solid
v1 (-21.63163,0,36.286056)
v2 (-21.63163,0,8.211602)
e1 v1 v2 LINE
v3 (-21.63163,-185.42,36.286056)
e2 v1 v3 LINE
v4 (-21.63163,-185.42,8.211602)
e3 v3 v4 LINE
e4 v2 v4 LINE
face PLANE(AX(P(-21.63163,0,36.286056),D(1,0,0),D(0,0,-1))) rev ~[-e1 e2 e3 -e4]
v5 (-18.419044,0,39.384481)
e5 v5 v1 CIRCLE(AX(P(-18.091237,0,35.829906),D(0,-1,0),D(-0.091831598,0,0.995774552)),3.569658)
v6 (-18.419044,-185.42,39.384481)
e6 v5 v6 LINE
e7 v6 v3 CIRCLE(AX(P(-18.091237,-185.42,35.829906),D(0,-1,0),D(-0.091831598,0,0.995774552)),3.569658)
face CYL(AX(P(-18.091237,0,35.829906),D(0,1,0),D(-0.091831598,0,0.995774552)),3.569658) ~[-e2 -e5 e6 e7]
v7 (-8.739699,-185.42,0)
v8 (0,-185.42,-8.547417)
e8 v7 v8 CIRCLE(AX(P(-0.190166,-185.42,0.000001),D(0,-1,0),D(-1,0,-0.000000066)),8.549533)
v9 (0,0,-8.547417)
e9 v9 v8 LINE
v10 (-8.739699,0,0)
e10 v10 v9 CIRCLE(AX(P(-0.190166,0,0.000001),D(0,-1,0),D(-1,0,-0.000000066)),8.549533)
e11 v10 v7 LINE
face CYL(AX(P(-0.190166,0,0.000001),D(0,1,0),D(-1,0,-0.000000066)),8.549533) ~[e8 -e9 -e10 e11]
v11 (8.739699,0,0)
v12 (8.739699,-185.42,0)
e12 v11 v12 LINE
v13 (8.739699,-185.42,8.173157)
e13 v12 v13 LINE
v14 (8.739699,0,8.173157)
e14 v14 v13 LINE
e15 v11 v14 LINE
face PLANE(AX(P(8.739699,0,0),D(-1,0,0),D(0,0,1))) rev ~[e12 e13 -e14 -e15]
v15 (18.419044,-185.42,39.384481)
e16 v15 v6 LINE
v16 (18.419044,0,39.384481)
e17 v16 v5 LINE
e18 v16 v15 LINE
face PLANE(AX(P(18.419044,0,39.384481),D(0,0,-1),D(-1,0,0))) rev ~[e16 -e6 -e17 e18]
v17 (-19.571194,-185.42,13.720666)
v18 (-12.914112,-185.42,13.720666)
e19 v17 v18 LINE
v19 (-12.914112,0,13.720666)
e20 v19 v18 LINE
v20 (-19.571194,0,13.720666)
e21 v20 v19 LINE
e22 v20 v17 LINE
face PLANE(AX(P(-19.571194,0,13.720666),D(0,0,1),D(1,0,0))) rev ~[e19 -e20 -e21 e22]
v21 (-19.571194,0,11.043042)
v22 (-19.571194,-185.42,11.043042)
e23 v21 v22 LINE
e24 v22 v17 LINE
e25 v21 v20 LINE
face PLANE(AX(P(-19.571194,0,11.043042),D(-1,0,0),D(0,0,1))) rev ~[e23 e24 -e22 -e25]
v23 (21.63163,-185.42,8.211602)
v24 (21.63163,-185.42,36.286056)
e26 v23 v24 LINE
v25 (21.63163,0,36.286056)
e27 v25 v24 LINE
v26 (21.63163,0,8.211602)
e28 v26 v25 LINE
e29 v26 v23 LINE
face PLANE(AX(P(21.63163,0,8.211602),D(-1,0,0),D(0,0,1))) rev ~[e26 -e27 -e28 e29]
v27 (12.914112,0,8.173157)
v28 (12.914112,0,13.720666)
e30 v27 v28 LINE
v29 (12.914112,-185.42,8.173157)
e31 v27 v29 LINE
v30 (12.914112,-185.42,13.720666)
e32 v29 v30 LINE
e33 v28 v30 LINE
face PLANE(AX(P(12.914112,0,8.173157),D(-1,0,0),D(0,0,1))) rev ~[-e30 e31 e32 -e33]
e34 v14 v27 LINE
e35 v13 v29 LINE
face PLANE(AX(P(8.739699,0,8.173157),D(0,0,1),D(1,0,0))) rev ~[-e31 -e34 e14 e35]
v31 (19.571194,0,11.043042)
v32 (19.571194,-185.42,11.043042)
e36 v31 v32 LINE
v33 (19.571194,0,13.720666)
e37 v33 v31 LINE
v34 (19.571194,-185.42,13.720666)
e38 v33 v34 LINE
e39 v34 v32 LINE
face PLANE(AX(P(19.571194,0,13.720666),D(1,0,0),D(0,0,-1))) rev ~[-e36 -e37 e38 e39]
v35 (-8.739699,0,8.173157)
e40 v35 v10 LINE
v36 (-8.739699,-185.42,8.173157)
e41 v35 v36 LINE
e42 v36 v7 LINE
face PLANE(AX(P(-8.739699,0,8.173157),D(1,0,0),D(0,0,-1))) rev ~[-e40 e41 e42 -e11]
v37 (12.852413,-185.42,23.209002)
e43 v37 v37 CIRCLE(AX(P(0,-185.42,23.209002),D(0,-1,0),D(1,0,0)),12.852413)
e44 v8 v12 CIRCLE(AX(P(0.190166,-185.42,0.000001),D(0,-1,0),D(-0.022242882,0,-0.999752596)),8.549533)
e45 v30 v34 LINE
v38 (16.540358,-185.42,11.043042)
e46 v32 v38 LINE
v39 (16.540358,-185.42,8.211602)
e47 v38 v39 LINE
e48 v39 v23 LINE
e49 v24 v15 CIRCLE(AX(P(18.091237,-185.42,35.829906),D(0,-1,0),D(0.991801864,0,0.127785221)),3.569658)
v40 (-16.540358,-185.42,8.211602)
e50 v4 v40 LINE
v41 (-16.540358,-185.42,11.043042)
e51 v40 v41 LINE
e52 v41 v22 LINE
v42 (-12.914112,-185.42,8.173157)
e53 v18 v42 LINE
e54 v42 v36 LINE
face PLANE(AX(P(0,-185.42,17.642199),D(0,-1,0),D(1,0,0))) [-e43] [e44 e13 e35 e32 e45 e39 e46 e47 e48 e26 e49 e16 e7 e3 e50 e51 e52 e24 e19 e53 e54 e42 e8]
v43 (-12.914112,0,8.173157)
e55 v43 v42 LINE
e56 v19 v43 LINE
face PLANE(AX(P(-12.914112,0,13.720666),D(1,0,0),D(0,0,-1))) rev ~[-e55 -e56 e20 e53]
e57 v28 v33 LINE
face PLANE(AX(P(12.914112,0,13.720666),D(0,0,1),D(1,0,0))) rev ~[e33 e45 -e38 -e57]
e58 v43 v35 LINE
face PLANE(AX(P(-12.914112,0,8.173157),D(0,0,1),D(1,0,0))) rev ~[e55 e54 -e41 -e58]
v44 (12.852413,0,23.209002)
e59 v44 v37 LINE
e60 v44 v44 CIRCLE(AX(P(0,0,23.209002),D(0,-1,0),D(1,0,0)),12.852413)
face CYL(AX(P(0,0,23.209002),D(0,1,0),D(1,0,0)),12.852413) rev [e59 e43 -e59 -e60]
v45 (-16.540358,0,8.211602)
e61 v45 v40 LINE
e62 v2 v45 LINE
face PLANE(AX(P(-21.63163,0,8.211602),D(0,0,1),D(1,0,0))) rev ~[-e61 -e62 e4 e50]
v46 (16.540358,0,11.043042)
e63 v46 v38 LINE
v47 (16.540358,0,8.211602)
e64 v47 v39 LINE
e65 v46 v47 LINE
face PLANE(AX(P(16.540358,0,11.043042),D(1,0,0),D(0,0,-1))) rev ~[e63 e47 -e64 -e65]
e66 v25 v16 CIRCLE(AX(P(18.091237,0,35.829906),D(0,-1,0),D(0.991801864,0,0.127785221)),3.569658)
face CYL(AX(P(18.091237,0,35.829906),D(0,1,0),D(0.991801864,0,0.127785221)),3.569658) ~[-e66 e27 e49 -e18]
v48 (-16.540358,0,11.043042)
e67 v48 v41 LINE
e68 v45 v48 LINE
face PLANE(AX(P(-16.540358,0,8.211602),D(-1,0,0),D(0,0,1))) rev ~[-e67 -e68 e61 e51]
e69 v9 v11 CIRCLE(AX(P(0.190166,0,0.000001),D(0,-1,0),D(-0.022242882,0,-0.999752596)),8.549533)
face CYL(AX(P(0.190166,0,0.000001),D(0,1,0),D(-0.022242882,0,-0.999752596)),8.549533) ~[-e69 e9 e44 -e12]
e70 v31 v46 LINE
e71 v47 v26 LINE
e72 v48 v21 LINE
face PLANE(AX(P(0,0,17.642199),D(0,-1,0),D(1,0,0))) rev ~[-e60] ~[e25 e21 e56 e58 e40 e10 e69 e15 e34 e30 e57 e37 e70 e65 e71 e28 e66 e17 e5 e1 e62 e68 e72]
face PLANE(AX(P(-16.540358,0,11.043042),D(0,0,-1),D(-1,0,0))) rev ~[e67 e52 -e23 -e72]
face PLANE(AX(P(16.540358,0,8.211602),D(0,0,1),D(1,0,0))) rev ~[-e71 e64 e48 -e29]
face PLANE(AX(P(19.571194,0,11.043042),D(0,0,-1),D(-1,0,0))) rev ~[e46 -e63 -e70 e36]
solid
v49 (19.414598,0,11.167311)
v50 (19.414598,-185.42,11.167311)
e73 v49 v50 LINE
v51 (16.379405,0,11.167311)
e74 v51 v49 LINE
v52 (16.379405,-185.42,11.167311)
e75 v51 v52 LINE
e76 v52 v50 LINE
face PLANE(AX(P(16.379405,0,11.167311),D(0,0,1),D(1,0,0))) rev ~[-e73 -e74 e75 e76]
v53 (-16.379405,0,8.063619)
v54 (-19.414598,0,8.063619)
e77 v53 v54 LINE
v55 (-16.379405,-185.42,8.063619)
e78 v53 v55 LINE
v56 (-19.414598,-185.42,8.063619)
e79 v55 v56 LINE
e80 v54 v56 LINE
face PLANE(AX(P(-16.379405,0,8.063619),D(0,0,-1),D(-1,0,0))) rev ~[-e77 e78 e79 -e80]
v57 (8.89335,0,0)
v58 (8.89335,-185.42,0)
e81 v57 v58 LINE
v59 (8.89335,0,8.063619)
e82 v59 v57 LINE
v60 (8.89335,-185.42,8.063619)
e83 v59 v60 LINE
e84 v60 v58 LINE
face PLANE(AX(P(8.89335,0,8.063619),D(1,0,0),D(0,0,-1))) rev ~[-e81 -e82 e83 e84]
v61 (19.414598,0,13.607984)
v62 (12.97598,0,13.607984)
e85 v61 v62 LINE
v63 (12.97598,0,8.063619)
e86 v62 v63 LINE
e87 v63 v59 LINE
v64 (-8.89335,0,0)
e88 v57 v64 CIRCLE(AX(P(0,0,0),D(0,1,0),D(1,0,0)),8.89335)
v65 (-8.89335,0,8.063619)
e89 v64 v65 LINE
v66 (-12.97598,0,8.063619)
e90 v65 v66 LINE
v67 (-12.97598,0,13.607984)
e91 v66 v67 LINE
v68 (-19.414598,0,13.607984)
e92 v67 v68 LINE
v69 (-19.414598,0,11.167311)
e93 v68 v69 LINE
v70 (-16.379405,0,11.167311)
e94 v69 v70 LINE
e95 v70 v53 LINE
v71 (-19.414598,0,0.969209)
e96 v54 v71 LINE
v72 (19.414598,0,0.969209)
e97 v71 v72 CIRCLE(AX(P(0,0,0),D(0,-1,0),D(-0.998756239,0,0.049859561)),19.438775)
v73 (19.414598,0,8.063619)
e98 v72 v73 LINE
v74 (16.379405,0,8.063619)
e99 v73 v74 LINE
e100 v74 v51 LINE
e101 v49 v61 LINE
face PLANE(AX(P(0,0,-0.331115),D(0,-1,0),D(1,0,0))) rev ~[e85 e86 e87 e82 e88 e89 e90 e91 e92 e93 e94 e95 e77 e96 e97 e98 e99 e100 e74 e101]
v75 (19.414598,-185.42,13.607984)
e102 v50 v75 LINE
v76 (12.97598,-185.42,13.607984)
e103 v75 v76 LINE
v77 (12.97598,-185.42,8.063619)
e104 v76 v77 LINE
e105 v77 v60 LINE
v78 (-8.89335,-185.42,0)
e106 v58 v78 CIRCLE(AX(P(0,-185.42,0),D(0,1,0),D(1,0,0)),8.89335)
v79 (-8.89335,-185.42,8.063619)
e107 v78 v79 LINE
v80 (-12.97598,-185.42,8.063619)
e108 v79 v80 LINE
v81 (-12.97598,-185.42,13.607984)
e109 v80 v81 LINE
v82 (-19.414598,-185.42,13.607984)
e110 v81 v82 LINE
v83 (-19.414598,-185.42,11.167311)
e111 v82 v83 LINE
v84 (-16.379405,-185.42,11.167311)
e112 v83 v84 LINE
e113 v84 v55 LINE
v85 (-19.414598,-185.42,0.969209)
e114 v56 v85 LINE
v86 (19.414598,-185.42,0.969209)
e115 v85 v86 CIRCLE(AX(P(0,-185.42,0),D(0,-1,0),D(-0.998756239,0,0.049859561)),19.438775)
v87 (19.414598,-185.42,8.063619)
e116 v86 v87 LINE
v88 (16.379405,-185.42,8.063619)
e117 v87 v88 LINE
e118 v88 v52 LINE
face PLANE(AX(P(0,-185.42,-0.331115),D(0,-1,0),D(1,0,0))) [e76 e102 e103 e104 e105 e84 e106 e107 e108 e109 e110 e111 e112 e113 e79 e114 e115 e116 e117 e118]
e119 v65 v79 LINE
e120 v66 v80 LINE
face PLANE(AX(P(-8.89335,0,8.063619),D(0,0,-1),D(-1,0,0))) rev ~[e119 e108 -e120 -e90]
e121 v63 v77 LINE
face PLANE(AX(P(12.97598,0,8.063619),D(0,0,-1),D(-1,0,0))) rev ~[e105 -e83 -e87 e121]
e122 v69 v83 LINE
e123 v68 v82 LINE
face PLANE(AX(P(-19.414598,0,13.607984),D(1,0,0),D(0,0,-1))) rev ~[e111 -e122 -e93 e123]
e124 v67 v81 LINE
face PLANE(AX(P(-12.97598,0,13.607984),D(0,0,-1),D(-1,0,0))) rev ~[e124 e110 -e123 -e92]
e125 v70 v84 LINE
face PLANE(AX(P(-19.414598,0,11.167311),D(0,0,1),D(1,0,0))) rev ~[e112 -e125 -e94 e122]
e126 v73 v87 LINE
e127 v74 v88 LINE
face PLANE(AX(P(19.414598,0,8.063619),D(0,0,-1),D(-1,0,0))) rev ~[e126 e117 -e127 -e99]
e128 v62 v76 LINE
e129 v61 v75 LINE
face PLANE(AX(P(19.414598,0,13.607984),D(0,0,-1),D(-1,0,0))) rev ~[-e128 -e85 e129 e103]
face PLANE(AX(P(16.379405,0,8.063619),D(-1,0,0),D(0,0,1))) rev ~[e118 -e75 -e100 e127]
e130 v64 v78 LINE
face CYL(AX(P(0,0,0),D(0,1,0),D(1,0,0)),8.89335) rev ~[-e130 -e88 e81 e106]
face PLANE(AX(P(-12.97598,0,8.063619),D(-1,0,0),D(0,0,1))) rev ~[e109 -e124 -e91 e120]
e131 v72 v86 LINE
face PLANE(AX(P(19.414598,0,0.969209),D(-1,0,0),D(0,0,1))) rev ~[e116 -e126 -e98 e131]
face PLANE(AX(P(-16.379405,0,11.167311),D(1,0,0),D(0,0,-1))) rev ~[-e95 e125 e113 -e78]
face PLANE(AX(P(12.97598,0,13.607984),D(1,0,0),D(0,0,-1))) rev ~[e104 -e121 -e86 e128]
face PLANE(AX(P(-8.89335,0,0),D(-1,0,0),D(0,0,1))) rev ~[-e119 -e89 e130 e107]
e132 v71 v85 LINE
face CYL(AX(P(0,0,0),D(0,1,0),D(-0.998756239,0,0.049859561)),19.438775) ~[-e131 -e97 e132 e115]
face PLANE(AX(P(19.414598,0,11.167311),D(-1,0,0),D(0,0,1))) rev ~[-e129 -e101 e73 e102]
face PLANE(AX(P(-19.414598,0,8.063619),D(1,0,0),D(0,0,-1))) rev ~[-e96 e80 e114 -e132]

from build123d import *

# Parameters (mm, degrees)
F0_R     = 12.852413
F1_DEPTH = 185.42


with BuildPart() as f1:
    # F0 (on Front) → F1 (new body)
    with BuildSketch(Plane.XZ):
        with BuildLine():
            ThreePointArc((8.89335, 0), (0, -8.89335), (-8.89335, 0))
            Line((-8.89335, 0), (-8.89335, 8.063619))
            Line((-8.89335, 8.063619), (-12.97598, 8.063619))
            Line((-12.97598, 8.063619), (-12.97598, 13.607984))
            Line((-12.97598, 13.607984), (-19.414598, 13.607984))
            Line((-19.414598, 13.607984), (-19.414598, 11.167311))
            Line((-19.414598, 11.167311), (-16.379405, 11.167311))
            Line((-16.379405, 11.167311), (-16.379405, 8.063619))
            Line((-16.379405, 8.063619), (-19.414598, 8.063619))
            Line((-19.414598, 8.063619), (-19.414598, 0.969209))
            ThreePointArc((-19.414598, 0.969209), (0, -19.438775), (19.414598, 0.969209))
            Line((19.414598, 0.969209), (19.414598, 8.063619))
            Line((19.414598, 8.063619), (16.379405, 8.063619))
            Line((16.379405, 8.063619), (16.379405, 11.167311))
            Line((16.379405, 11.167311), (19.414598, 11.167311))
            Line((19.414598, 11.167311), (19.414598, 13.607984))
            Line((19.414598, 13.607984), (12.97598, 13.607984))
            Line((12.97598, 13.607984), (12.97598, 8.063619))
            Line((12.97598, 8.063619), (8.89335, 8.063619))
            Line((8.89335, 8.063619), (8.89335, 0))
        make_face()
        with BuildLine():
            Line((-16.540358, 11.043042), (-19.571194, 11.043042))
            Line((-19.571194, 11.043042), (-19.571194, 13.720666))
            Line((-19.571194, 13.720666), (-12.914112, 13.720666))
            Line((-12.914112, 13.720666), (-12.914112, 8.173157))
            Line((-12.914112, 8.173157), (-8.739699, 8.173157))
            Line((-8.739699, 8.173157), (-8.739699, 0))
            ThreePointArc((-8.739699, 0), (-6.167987, -6.112296), (0, -8.547417))
            ThreePointArc((0, -8.547417), (6.167987, -6.112296), (8.739699, 0))
            Line((8.739699, 0), (8.739699, 8.173157))
            Line((8.739699, 8.173157), (12.914112, 8.173157))
            Line((12.914112, 8.173157), (12.914112, 13.720666))
            Line((12.914112, 13.720666), (19.571194, 13.720666))
            Line((19.571194, 13.720666), (19.571194, 11.043042))
            Line((19.571194, 11.043042), (16.540358, 11.043042))
            Line((16.540358, 11.043042), (16.540358, 8.211602))
            Line((16.540358, 8.211602), (21.63163, 8.211602))
            Line((21.63163, 8.211602), (21.63163, 36.286056))
            ThreePointArc((21.63163, 36.286056), (20.569301, 38.399275), (18.419044, 39.384481))
            Line((18.419044, 39.384481), (0, 39.384481))
            Line((0, 39.384481), (-18.419044, 39.384481))
            ThreePointArc((-18.419044, 39.384481), (-20.569301, 38.399275), (-21.63163, 36.286056))
            Line((-21.63163, 36.286056), (-21.63163, 8.211602))
            Line((-21.63163, 8.211602), (-16.540358, 8.211602))
            Line((-16.540358, 8.211602), (-16.540358, 11.043042))
        make_face()
        with Locations((0, 23.209002)):
            Circle(F0_R, mode=Mode.SUBTRACT)
    extrude(amount=F1_DEPTH)


solid = f1.part
